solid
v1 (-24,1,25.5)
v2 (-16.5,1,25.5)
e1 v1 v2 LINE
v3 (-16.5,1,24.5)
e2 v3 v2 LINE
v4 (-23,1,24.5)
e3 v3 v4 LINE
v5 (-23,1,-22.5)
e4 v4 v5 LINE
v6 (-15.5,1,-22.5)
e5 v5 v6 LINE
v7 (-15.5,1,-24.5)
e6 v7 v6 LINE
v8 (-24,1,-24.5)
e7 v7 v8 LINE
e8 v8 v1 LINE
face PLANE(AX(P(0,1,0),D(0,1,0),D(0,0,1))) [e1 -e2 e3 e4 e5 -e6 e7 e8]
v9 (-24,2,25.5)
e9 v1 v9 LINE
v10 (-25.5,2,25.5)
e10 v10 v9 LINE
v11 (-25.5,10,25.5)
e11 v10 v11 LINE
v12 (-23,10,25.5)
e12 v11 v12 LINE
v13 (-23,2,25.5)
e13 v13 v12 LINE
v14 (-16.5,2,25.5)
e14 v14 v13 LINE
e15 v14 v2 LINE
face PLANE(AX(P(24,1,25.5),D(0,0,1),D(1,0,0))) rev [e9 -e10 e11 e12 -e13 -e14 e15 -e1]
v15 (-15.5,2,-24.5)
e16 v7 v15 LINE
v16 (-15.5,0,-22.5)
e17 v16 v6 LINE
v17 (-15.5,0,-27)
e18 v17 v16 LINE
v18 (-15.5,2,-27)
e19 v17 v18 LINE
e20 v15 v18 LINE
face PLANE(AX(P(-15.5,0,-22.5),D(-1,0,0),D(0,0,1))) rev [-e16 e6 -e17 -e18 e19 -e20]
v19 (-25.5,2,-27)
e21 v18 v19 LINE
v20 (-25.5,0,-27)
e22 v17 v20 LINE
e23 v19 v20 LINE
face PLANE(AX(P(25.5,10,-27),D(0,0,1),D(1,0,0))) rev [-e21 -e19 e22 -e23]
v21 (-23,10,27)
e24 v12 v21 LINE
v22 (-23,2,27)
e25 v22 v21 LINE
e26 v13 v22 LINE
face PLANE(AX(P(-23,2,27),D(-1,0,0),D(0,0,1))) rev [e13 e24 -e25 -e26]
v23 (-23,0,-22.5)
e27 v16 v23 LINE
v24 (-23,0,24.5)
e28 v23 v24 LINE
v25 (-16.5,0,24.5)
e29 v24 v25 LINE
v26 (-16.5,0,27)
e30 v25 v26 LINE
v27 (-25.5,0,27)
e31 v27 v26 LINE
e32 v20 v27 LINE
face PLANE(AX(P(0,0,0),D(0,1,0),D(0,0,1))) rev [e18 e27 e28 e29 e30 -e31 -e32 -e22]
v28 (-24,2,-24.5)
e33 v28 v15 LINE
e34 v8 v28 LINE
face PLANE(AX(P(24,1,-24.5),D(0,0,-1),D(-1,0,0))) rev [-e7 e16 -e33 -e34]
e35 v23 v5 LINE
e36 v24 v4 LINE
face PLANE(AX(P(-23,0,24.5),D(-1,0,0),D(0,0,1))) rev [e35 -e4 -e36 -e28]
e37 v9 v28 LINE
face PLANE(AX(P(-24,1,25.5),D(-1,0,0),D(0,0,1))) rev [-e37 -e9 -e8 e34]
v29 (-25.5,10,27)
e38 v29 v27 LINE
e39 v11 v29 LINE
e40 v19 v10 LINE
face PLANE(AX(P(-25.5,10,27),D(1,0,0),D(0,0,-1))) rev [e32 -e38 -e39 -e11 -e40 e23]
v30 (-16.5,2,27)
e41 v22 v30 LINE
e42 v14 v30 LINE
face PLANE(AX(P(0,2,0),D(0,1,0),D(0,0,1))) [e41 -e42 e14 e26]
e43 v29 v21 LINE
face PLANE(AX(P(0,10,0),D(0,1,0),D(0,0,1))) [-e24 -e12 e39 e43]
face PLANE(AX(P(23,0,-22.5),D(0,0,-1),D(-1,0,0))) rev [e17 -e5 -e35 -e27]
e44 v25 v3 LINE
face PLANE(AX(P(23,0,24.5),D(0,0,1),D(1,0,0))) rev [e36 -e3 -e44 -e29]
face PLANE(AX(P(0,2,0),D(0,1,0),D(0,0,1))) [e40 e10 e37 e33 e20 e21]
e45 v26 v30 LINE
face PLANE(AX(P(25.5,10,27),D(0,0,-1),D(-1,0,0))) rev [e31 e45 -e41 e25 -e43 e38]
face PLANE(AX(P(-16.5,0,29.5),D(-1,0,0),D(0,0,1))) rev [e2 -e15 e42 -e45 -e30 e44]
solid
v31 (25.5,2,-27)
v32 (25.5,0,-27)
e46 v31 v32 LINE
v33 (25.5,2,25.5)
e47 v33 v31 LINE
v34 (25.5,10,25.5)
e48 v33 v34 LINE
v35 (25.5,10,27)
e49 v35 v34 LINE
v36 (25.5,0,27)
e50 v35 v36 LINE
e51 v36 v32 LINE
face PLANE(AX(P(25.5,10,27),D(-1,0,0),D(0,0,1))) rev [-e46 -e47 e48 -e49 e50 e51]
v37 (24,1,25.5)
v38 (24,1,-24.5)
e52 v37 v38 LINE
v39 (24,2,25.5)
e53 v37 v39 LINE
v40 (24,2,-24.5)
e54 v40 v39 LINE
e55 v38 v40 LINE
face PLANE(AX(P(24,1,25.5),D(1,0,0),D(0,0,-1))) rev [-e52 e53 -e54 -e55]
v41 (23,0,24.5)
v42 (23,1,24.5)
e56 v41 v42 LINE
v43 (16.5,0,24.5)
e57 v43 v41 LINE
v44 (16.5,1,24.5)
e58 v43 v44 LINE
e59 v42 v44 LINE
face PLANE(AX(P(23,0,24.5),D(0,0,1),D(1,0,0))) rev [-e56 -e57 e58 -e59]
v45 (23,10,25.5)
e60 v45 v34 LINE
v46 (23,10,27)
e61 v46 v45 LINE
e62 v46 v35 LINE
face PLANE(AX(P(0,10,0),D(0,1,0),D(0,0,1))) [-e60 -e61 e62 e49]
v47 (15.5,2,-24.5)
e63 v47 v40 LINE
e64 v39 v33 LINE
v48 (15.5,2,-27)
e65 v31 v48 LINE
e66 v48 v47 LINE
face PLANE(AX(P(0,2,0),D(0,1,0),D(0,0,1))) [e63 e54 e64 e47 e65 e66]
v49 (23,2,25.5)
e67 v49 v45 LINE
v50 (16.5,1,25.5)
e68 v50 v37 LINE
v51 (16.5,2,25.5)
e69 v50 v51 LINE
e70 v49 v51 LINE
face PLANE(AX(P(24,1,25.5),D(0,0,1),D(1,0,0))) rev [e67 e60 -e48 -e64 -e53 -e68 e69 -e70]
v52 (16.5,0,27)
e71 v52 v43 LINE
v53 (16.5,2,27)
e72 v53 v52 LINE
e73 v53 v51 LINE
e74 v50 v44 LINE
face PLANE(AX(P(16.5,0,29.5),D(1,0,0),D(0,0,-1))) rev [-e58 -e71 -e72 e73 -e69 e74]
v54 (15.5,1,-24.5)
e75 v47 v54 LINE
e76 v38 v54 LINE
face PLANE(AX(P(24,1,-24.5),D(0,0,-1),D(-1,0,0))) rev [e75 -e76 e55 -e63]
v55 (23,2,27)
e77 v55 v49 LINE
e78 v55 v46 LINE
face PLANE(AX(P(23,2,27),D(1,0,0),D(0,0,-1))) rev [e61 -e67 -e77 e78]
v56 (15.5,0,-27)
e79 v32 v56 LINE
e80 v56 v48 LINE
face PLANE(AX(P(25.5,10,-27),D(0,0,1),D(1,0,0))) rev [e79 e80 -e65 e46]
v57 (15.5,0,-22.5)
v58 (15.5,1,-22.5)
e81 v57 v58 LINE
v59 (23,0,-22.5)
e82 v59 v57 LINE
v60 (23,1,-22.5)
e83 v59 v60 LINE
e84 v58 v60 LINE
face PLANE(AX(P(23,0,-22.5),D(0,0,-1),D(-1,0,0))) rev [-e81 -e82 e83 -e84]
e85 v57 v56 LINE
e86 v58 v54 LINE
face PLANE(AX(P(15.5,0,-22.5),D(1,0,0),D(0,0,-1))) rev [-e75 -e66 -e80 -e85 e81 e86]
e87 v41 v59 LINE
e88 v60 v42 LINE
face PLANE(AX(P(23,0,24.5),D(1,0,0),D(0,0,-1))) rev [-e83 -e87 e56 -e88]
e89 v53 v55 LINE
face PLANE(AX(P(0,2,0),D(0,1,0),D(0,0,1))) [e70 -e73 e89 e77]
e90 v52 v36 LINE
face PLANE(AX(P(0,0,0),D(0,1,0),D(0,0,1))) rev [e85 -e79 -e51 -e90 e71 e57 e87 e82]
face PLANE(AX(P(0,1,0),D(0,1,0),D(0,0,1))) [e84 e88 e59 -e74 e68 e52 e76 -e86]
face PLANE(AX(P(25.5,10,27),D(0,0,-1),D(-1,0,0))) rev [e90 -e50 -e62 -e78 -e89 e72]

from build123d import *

# Parameters (mm, degrees)
SKETCH_1_W          = 51
SKETCH_1_H          = 54
EXTRUDE_1_DEPTH     = 10
SKETCH_2_W          = 46
SKETCH_2_H          = 47
CUT_EXTRUDE_1_DEPTH = 11
SKETCH_3_W          = 48
SKETCH_3_H          = 50
CUT_EXTRUDE_2_DEPTH = 9
SKETCH_4_W          = 31
SKETCH_4_H          = 4.5
CUT_EXTRUDE_3_DEPTH = 11
SKETCH_5_W          = 48
SKETCH_5_H          = 4.5
CUT_EXTRUDE_4_DEPTH = 8
SKETCH_6_W          = 1.5
SKETCH_6_H          = 52.5
CUT_EXTRUDE_5_DEPTH = 8
SKETCH_7_W          = 46
SKETCH_7_H          = 1.5
CUT_EXTRUDE_6_DEPTH = 8
SKETCH_8_W          = 33
SKETCH_8_H          = 5
CUT_EXTRUDE_7_DEPTH = 3


with BuildPart() as part:
    # 草图1 → 凸台-拉伸1 (new body)
    with BuildSketch(Plane(origin=(0, 0, 0), x_dir=(1, 0, 0), z_dir=(0, 1, 0))):
        Rectangle(SKETCH_1_W, SKETCH_1_H)
    extrude(amount=EXTRUDE_1_DEPTH)

    # 草图2 → 切除-拉伸1 (cut, through all)
    with BuildSketch(Plane(origin=(0, 10, 0), x_dir=(1, 0, 0), z_dir=(0, 1, 0))):
        with Locations((0, -1)):
            Rectangle(SKETCH_2_W, SKETCH_2_H)
    extrude(amount=-CUT_EXTRUDE_1_DEPTH, mode=Mode.SUBTRACT)

    # 草图3 → 切除-拉伸2 (cut)
    with BuildSketch(Plane(origin=(0, 10, 0), x_dir=(1, 0, 0), z_dir=(0, 1, 0))):
        with Locations((0, -0.5)):
            Rectangle(SKETCH_3_W, SKETCH_3_H)
    extrude(amount=-CUT_EXTRUDE_2_DEPTH, mode=Mode.SUBTRACT)

    # 草图4 → 切除-拉伸3 (cut, through all)
    with BuildSketch(Plane(origin=(0, 10, 0), x_dir=(1, 0, 0), z_dir=(0, 1, 0))):
        with Locations((0, 24.75)):
            Rectangle(SKETCH_4_W, SKETCH_4_H)
    extrude(amount=-CUT_EXTRUDE_3_DEPTH, mode=Mode.SUBTRACT)

    # 草图5 → 切除-拉伸4 (cut)
    with BuildSketch(Plane(origin=(0, 10, 0), x_dir=(1, 0, 0), z_dir=(0, 1, 0))):
        with Locations((0, 24.75)):
            Rectangle(SKETCH_5_W, SKETCH_5_H)
    extrude(amount=-CUT_EXTRUDE_4_DEPTH, mode=Mode.SUBTRACT)

    # 草图6 → 切除-拉伸5 (cut)
    with BuildSketch(Plane(origin=(0, 10, 0), x_dir=(1, 0, 0), z_dir=(0, 1, 0))):
        with Locations((-24.75, 0.75)):
            Rectangle(SKETCH_6_W, SKETCH_6_H)
        with Locations((24.75, 0.75)):
            Rectangle(SKETCH_6_W, SKETCH_6_H)
    extrude(amount=-CUT_EXTRUDE_5_DEPTH, mode=Mode.SUBTRACT)

    # 草图7 → 切除-拉伸6 (cut)
    with BuildSketch(Plane(origin=(0, 10, 0), x_dir=(1, 0, 0), z_dir=(0, 1, 0))):
        with Locations((0, -26.25)):
            Rectangle(SKETCH_7_W, SKETCH_7_H)
    extrude(amount=-CUT_EXTRUDE_6_DEPTH, mode=Mode.SUBTRACT)

    # 草图8 → 切除-拉伸7 (cut, through all)
    with BuildSketch(Plane(origin=(0, 2, 0), x_dir=(1, 0, 0), z_dir=(0, 1, 0))):
        with Locations((0, -27)):
            Rectangle(SKETCH_8_W, SKETCH_8_H)
    extrude(amount=-CUT_EXTRUDE_7_DEPTH, mode=Mode.SUBTRACT)


solid = part.part
